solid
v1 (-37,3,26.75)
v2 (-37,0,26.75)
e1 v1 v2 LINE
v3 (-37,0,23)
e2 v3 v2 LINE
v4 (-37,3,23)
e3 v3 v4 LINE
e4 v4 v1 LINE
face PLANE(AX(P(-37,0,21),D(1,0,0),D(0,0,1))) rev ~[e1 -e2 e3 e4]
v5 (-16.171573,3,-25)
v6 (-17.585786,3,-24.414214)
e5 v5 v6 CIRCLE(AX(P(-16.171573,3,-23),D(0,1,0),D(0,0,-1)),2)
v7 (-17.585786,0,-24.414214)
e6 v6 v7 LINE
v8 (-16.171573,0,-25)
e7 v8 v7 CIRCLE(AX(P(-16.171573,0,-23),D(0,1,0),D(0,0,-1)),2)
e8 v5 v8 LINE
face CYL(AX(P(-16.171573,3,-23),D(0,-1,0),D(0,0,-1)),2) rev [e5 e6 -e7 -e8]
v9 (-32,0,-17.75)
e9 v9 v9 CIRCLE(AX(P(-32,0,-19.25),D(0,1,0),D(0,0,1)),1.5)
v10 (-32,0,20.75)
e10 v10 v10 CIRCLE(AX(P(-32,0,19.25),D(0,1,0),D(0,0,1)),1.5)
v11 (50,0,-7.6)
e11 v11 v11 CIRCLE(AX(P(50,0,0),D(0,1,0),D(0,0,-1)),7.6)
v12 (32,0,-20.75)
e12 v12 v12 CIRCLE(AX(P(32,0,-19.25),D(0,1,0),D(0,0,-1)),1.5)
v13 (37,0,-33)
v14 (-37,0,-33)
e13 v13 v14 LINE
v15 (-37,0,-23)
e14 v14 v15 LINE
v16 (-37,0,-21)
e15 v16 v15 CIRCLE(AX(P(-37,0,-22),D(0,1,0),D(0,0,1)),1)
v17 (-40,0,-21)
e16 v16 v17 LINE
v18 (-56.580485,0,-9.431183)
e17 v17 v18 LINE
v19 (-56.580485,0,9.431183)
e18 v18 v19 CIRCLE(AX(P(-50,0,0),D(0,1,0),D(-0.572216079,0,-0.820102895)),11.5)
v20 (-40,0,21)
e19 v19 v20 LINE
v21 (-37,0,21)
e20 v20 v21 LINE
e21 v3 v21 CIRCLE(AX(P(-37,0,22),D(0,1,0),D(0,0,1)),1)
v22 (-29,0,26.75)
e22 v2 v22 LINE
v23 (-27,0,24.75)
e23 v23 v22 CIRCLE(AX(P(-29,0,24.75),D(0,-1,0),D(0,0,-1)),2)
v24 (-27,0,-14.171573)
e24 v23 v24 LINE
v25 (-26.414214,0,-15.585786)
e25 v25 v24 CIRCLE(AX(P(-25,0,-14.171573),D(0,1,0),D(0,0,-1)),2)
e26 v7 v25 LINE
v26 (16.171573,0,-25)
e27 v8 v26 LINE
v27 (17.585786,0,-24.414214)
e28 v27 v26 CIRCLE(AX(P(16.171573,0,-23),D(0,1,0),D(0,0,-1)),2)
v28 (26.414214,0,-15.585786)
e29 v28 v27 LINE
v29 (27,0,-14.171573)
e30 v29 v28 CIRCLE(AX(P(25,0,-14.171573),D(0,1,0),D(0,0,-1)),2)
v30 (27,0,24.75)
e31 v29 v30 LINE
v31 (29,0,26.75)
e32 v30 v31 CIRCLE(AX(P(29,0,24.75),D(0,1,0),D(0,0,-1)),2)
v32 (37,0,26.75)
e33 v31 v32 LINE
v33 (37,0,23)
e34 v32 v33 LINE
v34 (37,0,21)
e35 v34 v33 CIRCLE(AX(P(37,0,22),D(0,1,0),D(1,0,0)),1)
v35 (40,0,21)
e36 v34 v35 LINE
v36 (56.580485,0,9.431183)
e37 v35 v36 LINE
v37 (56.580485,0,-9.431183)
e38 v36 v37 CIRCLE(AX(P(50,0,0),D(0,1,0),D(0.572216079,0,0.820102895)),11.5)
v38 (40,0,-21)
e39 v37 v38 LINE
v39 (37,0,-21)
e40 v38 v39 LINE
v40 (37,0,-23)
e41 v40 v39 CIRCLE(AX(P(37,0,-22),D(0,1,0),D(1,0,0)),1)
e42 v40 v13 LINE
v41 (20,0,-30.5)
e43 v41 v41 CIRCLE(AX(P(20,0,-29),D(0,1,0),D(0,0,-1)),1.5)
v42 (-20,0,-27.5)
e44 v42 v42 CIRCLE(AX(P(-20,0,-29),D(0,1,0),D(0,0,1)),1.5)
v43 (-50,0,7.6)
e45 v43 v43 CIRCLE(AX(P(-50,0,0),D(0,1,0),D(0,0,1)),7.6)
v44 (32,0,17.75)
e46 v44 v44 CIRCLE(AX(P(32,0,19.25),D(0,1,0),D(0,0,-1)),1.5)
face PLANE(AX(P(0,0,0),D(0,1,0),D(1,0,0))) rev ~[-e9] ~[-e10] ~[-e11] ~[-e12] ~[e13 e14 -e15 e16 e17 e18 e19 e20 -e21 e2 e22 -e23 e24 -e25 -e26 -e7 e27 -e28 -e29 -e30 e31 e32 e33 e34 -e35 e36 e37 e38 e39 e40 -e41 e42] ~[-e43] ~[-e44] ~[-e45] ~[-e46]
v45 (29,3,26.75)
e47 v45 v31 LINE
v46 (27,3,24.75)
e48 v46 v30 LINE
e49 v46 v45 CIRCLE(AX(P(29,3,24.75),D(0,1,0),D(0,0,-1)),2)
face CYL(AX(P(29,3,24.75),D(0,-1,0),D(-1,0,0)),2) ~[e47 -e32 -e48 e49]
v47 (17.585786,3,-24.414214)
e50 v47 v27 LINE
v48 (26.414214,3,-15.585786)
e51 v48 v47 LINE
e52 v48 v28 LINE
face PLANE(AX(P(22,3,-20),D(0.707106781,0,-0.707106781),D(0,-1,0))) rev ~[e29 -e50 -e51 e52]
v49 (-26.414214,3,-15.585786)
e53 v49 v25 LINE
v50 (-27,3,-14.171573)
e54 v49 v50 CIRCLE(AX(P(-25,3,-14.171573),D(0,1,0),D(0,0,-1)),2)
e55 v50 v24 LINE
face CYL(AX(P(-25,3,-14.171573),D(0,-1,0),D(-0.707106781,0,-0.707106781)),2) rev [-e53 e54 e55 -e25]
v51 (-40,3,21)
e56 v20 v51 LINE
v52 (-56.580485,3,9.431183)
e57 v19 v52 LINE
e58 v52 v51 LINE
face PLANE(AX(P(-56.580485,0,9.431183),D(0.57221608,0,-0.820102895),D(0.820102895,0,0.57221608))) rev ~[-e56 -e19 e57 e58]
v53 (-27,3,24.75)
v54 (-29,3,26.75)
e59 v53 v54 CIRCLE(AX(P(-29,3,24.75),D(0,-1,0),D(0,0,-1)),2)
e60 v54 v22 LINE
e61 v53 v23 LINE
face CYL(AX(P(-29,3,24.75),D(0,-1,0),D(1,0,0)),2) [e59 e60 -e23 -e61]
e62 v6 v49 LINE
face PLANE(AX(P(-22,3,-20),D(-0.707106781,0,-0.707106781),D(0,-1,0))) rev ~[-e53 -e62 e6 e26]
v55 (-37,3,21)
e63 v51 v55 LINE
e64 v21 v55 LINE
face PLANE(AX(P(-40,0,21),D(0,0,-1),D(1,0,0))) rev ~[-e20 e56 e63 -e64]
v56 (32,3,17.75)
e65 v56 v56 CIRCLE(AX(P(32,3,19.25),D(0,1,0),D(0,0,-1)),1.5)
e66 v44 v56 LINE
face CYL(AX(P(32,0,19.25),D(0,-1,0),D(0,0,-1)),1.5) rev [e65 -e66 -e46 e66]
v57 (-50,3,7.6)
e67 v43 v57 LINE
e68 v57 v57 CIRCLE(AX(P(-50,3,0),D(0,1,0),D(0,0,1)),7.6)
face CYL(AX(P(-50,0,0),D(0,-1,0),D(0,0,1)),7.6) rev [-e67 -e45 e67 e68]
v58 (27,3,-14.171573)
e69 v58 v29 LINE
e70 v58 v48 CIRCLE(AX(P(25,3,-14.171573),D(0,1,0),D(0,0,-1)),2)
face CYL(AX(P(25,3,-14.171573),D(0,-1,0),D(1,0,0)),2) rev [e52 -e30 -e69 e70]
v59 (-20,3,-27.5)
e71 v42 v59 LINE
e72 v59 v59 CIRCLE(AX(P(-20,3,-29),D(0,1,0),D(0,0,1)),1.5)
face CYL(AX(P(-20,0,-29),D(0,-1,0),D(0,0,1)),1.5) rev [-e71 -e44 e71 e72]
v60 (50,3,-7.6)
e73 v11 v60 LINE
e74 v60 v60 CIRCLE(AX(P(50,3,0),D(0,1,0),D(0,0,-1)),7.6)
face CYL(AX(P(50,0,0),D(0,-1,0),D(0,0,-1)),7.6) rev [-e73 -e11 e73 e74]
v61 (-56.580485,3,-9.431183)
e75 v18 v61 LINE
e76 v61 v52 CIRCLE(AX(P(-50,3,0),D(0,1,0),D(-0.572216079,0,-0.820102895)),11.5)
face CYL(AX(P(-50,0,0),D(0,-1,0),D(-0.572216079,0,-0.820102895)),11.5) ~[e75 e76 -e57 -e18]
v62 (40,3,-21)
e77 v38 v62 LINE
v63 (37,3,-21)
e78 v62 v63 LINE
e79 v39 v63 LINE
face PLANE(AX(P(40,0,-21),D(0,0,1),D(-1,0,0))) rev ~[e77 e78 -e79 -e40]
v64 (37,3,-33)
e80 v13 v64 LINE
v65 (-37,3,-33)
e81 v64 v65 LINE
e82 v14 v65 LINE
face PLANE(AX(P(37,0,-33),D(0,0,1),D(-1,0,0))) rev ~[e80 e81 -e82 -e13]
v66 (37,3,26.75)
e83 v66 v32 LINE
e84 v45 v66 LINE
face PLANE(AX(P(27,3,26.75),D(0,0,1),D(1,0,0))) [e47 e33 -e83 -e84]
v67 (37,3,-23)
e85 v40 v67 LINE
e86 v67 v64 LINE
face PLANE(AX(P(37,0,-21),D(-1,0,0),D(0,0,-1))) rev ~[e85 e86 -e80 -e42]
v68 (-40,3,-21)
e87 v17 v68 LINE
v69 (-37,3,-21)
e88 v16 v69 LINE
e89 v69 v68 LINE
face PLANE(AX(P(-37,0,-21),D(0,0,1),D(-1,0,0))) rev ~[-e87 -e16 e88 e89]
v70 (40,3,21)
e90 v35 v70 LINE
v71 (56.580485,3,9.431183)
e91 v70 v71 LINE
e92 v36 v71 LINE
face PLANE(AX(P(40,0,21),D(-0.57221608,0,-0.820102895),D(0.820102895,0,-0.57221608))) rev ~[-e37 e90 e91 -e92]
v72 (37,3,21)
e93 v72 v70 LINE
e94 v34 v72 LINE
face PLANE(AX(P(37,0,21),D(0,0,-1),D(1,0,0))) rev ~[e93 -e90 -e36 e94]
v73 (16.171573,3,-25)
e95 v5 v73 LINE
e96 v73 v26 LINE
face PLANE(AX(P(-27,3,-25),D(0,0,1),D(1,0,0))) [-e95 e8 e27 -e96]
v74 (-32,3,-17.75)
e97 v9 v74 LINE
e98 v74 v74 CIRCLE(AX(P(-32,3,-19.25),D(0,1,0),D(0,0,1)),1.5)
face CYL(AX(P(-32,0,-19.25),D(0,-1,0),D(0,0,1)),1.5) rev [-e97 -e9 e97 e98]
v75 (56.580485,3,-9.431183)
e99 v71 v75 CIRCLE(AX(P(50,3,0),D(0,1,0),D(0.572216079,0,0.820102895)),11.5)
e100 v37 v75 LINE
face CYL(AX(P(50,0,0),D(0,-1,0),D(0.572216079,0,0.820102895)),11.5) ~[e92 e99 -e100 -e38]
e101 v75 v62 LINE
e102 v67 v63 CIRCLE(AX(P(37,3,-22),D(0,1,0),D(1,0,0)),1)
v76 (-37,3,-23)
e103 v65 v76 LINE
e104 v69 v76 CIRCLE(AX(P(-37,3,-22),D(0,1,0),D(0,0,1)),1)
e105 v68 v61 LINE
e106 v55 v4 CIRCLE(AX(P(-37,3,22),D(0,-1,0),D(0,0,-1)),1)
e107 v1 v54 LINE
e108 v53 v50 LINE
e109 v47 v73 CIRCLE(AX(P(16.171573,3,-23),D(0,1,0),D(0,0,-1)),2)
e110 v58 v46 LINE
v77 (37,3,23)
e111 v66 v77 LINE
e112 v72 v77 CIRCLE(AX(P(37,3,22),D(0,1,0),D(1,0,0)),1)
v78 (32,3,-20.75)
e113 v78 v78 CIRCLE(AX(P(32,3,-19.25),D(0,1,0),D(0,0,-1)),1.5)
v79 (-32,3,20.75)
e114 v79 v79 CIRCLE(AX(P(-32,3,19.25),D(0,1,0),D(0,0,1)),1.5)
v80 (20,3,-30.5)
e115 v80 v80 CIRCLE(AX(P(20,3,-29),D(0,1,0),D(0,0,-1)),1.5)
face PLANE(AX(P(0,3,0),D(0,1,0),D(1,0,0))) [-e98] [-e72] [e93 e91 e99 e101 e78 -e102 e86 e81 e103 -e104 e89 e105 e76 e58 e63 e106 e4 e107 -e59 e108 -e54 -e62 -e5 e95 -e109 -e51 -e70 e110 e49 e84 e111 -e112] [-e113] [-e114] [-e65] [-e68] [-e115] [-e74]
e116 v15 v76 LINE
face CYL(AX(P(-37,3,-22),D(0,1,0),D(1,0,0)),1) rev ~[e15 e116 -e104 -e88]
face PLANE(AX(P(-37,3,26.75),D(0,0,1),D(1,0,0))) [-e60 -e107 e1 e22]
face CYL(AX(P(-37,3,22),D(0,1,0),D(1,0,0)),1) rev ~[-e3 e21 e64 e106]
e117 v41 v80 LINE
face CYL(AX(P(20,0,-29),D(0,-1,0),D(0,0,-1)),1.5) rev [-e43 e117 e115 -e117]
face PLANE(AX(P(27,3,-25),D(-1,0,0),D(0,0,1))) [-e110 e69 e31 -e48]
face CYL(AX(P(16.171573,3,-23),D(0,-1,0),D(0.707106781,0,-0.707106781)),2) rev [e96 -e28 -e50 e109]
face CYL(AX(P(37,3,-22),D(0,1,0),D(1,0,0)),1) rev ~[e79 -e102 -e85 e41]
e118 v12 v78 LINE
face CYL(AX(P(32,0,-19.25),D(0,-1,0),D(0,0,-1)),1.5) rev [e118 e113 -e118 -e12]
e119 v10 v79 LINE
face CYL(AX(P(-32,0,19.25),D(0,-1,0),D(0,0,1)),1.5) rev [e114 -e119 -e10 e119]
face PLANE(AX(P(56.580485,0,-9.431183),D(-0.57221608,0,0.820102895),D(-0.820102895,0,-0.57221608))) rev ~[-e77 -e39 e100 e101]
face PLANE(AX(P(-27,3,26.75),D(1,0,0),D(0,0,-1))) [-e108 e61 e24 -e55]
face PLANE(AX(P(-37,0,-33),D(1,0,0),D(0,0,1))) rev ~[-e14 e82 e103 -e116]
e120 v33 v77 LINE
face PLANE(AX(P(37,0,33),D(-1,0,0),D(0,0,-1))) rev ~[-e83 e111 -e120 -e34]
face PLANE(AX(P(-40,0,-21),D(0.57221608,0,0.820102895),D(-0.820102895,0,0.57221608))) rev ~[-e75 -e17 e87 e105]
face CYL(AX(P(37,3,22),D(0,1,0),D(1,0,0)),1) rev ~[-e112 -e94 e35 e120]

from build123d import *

# Parameters (mm, degrees)
SKETCH_1_R          = 7.6
SKETCH_1_R_2        = 1.5
EXTRUDE_1_DEPTH     = 3
SKETCH_2_R          = 1
CUT_EXTRUDE_1_DEPTH = 70.858786133
CUT_EXTRUDE_2_DEPTH = 70.858786133
CHAMFER_1_SIZE      = 10
FILLET_2_R          = 2


with BuildPart() as part:
    # 草图1 → 凸台-拉伸1 (new body)
    with BuildSketch(Plane(origin=(0, 0, 0), x_dir=(1, 0, 0), z_dir=(0, 1, 0))):
        with BuildLine():
            Line((-37, 33), (-37, 21))
            Line((-37, 21), (-40, 21))
            Line((-40, 21), (-56.580484914, 9.431183292))
            ThreePointArc((-56.580484914, 9.431183292), (-61.5, 0), (-56.580484914, -9.431183292))
            Line((-56.580484914, -9.431183292), (-40, -21))
            Line((-40, -21), (-37, -21))
            Line((-37, -21), (-37, -33))
            Line((-37, -33), (37, -33))
            Line((37, -33), (37, -21))
            Line((37, -21), (40, -21))
            Line((40, -21), (56.580484914, -9.431183292))
            ThreePointArc((56.580484914, -9.431183292), (61.5, 0), (56.580484914, 9.431183292))
            Line((56.580484914, 9.431183292), (40, 21))
            Line((40, 21), (37, 21))
            Line((37, 21), (37, 33))
            Line((37, 33), (-37, 33))
        make_face()
        with Locations(Location((-50, 0, 0), (0, 0, 270))):
            Circle(SKETCH_1_R, mode=Mode.SUBTRACT)
        with Locations(Location((50, 0, 0), (0, 0, 90))):
            Circle(SKETCH_1_R, mode=Mode.SUBTRACT)
        with Locations(Location((32, 19.25, 0), (0, 0, 90))):
            Circle(SKETCH_1_R_2, mode=Mode.SUBTRACT)
        with Locations(Location((32, -19.25, 0), (0, 0, 90))):
            Circle(SKETCH_1_R_2, mode=Mode.SUBTRACT)
        with Locations(Location((-32, -19.25, 0), (0, 0, 270))):
            Circle(SKETCH_1_R_2, mode=Mode.SUBTRACT)
        with Locations(Location((-32, 19.25, 0), (0, 0, 270))):
            Circle(SKETCH_1_R_2, mode=Mode.SUBTRACT)
        with Locations(Location((-20, 29, 0), (0, 0, 270))):
            Circle(SKETCH_1_R_2, mode=Mode.SUBTRACT)
        with Locations(Location((20, 29, 0), (0, 0, 90))):
            Circle(SKETCH_1_R_2, mode=Mode.SUBTRACT)
    extrude(amount=EXTRUDE_1_DEPTH)

    # 草图2 → 切除-拉伸1 (cut, through all)
    with BuildSketch(Plane(origin=(0, 3, 0), x_dir=(1, 0, 0), z_dir=(0, 1, 0))):
        with Locations((-37, 22)):
            Circle(SKETCH_2_R)
        with Locations((-37, -22)):
            Circle(SKETCH_2_R)
        with Locations((37, -22)):
            Circle(SKETCH_2_R)
        with Locations((37, 22)):
            Circle(SKETCH_2_R)
    extrude(amount=-CUT_EXTRUDE_1_DEPTH, mode=Mode.SUBTRACT)

    # 草图3 → 切除-拉伸2 (cut, through all)
    with BuildSketch(Plane(origin=(0, 3, 0), x_dir=(1, 0, 0), z_dir=(0, 1, 0))):
        Polygon((-27, -26.75), (-27, 25), (27, 25), (27, -26.75), (37, -26.75), (37, -33), (-37, -33), (-37, -26.75), align=None)
    extrude(amount=-CUT_EXTRUDE_2_DEPTH, mode=Mode.SUBTRACT)

    # 倒角1
    chamfer_1_edges = [part.edges().sort_by_distance(p)[0] for p in [
        (-27, 1.5, -25),
        (27, 1.5, -25),
    ]]
    chamfer(chamfer_1_edges, length=CHAMFER_1_SIZE)

    # 圆角2
    fillet_2_edges = [part.edges().sort_by_distance(p)[0] for p in [
        (-27, 1.5, 26.75),
        (27, 1.5, 26.75),
        (-17, 1.5, -25),
        (17, 1.5, -25),
        (27, 1.5, -15),
        (-27, 1.5, -15),
    ]]
    fillet(fillet_2_edges, radius=FILLET_2_R)


solid = part.part
